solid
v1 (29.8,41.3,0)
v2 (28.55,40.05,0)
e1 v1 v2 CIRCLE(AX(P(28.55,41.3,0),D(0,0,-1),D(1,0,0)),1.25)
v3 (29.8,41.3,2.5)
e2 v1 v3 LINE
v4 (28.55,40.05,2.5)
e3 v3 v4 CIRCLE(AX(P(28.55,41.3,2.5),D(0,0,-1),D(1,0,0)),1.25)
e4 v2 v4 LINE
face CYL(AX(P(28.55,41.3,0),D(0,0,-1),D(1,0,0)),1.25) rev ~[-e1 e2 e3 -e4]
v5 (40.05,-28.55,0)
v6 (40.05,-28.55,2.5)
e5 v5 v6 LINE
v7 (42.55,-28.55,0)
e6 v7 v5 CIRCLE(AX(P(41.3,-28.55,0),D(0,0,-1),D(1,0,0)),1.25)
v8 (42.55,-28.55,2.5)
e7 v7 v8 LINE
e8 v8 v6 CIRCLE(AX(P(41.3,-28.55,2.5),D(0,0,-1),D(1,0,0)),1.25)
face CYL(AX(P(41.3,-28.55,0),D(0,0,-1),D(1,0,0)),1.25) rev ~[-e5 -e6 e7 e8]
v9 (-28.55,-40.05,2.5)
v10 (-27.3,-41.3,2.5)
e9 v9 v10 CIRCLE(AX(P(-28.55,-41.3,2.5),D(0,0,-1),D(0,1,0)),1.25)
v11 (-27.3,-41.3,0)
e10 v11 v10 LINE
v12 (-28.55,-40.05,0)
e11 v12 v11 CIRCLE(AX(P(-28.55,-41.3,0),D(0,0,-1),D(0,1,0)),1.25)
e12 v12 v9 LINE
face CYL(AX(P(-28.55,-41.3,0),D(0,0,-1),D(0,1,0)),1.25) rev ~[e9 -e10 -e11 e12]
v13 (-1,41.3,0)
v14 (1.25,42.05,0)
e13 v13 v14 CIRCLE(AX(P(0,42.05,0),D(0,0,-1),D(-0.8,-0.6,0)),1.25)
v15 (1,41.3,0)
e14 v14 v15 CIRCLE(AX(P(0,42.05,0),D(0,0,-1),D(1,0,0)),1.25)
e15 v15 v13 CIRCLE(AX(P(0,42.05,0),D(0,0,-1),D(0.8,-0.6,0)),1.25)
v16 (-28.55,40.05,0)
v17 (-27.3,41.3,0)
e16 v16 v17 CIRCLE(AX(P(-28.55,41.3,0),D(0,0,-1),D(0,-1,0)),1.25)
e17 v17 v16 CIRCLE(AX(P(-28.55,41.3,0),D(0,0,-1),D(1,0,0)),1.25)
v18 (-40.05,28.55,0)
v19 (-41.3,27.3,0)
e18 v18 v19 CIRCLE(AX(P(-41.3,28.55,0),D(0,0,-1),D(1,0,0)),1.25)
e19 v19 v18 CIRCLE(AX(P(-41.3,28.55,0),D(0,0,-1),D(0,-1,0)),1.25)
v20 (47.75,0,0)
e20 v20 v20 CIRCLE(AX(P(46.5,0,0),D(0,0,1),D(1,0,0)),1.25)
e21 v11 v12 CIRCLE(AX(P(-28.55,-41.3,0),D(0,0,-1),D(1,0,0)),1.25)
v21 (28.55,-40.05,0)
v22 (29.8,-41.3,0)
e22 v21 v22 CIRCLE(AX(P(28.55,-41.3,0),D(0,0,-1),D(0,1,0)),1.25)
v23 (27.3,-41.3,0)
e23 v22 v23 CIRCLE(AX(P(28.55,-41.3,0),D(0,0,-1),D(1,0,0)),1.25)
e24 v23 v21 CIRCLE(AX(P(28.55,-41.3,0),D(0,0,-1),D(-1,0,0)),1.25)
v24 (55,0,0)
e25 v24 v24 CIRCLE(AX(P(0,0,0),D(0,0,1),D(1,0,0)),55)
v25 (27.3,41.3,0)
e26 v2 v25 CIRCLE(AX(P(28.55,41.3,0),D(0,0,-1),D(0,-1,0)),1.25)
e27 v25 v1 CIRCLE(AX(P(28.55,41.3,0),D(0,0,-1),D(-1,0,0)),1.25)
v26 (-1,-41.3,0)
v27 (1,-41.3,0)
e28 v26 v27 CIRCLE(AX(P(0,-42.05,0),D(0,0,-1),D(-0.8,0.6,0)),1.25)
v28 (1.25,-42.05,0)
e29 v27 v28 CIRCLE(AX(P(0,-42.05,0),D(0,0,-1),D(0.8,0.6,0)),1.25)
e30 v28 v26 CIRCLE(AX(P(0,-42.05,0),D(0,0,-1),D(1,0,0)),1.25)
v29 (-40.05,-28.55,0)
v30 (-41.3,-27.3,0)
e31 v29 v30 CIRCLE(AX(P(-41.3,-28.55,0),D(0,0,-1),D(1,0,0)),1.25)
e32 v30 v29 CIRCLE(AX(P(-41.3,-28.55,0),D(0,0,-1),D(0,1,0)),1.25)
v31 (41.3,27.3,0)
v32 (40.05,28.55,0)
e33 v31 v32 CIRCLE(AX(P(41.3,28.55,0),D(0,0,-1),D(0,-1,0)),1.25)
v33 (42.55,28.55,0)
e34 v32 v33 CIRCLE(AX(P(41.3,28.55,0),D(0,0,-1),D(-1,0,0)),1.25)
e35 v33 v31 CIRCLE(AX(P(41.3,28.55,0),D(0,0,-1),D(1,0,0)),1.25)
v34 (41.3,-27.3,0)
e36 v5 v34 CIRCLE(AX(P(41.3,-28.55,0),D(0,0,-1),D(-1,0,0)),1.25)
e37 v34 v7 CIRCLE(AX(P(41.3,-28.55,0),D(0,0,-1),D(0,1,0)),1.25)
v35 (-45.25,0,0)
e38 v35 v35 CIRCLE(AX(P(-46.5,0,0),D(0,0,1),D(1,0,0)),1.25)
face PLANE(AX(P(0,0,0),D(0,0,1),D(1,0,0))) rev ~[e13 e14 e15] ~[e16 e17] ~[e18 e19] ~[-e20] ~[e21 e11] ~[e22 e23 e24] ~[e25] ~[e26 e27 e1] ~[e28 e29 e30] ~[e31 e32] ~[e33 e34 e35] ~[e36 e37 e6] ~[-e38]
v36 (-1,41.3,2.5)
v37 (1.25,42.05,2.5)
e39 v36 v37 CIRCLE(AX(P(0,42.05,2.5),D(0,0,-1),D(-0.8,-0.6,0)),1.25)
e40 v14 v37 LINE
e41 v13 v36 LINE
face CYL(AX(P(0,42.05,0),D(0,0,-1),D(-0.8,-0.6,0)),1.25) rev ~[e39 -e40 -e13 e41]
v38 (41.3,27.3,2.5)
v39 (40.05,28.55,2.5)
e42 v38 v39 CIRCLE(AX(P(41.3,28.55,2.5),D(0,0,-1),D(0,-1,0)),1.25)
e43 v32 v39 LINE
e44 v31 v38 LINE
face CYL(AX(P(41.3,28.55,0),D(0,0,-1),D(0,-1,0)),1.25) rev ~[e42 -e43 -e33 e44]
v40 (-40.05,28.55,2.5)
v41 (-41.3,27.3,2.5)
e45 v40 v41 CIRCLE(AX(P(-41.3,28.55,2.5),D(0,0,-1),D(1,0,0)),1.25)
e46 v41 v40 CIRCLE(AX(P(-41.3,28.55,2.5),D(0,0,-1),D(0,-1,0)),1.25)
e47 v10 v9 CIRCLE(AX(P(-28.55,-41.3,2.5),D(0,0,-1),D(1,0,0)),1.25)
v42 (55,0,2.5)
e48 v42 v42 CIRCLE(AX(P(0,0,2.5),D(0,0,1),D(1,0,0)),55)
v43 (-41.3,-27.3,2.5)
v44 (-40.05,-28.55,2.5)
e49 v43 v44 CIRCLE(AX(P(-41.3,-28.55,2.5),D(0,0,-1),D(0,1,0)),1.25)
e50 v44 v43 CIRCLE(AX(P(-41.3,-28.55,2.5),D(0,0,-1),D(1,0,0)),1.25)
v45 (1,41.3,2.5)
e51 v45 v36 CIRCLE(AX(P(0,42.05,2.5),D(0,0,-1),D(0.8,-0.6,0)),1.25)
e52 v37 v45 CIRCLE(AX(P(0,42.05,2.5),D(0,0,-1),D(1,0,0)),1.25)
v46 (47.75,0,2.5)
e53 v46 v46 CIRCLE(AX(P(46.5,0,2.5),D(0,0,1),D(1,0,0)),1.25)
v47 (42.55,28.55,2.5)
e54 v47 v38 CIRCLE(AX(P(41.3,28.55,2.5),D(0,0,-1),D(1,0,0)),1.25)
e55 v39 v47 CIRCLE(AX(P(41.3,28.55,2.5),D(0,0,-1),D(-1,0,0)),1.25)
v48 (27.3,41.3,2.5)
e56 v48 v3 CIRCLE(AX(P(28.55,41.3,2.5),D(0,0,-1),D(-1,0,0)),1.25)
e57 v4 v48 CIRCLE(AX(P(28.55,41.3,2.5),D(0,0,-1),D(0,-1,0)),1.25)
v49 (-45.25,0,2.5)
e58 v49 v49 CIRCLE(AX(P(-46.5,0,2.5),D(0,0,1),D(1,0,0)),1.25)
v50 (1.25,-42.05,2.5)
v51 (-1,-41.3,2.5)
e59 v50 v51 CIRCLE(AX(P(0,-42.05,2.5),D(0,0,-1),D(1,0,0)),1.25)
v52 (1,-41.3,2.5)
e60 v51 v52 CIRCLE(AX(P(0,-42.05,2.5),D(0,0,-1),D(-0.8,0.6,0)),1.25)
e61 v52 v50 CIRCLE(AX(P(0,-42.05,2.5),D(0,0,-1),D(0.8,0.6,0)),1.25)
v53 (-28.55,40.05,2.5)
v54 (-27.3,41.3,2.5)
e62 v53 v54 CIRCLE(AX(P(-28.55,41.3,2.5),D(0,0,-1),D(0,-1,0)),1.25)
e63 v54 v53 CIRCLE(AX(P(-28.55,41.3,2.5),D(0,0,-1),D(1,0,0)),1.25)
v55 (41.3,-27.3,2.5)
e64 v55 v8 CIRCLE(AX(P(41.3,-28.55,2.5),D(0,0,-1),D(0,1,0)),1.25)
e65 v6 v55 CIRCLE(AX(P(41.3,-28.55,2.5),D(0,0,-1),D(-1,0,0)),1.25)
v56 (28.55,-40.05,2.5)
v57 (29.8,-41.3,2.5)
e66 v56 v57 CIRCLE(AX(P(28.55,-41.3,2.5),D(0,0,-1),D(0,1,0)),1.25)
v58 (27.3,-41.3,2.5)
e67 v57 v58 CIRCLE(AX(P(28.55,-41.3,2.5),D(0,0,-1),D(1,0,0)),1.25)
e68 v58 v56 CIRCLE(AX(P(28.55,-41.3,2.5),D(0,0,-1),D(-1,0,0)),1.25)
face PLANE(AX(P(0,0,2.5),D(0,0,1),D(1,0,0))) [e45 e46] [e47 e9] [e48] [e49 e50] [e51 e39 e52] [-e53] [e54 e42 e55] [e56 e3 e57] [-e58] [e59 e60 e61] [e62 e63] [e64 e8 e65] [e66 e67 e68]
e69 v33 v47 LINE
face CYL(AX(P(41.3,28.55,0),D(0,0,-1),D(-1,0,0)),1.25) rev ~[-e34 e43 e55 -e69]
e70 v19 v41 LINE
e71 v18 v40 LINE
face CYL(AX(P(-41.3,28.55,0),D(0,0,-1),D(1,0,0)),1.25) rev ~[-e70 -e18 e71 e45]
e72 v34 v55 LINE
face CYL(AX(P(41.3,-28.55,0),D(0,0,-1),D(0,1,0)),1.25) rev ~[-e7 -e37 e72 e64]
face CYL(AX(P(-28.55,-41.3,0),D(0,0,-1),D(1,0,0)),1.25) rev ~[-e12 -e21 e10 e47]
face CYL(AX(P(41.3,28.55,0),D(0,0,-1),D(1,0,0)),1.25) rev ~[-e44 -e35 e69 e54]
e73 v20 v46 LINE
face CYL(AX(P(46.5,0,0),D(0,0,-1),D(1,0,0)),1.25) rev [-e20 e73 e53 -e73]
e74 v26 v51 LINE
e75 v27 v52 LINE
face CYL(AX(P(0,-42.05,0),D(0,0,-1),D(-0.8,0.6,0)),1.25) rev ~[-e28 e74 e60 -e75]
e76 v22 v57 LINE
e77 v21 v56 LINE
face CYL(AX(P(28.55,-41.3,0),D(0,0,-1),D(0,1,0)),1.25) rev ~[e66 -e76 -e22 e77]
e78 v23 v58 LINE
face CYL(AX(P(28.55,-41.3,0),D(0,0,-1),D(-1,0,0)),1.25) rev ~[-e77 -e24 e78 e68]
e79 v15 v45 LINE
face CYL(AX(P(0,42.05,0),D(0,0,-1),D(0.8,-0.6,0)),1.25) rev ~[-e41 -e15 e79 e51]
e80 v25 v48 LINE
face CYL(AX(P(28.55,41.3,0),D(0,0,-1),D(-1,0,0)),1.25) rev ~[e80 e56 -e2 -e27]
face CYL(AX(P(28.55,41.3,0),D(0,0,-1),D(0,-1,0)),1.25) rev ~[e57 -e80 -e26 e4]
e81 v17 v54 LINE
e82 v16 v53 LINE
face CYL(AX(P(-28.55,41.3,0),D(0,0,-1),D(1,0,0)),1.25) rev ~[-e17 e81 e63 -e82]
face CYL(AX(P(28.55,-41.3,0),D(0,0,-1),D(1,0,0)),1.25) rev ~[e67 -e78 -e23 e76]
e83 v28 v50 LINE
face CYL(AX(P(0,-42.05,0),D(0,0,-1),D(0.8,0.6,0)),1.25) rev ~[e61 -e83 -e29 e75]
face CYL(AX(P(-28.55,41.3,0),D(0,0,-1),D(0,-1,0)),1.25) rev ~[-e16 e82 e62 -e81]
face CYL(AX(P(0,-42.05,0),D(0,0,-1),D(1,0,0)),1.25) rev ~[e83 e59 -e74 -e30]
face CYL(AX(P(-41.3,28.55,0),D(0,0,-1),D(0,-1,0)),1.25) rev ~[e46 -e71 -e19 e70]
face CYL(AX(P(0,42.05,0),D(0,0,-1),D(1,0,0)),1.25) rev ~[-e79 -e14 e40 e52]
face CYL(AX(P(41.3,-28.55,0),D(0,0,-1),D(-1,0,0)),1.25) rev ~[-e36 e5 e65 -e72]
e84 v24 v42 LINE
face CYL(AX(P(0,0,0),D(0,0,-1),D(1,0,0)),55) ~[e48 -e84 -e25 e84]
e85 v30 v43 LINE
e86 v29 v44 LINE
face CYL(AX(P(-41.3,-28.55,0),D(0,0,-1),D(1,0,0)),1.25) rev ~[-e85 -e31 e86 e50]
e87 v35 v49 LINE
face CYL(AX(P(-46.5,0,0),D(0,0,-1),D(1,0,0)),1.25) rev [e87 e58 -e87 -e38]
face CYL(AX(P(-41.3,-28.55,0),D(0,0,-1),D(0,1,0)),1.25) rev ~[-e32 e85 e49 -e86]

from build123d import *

# Parameters (mm, degrees)
F0_R     = 55
F0_R_2   = 1.25
F0_W     = 57.1
F0_H     = 57.1
F1_DEPTH = 2.5


with BuildPart() as f1:
    # F0 (on Top) → F1 (new body)
    with BuildSketch(Plane.XY):
        Circle(F0_R)
        with Locations((-46.5, 0)):
            Circle(F0_R_2, mode=Mode.SUBTRACT)
        with BuildLine():
            ThreePointArc((1, -41.3), (1.1858541226, -41.6547152925), (1.25, -42.05))
            ThreePointArc((1.25, -42.05), (-0.3952847075, -43.2358541226), (-1, -41.3))
            Line((-1, -41.3), (-27.3, -41.3))
            ThreePointArc((-27.3, -41.3), (-29.4338834765, -42.1838834765), (-28.55, -40.05))
            Line((-28.55, -40.05), (-28.55, -28.55))
            Line((-28.55, -28.55), (-40.05, -28.55))
            ThreePointArc((-40.05, -28.55), (-42.1838834765, -29.4338834765), (-41.3, -27.3))
            Line((-41.3, -27.3), (-41.3, 27.3))
            ThreePointArc((-41.3, 27.3), (-42.1838834765, 29.4338834765), (-40.05, 28.55))
            Line((-40.05, 28.55), (-28.55, 28.55))
            Line((-28.55, 28.55), (-28.55, 40.05))
            ThreePointArc((-28.55, 40.05), (-29.4338834765, 42.1838834765), (-27.3, 41.3))
            Line((-27.3, 41.3), (-1, 41.3))
            ThreePointArc((-1, 41.3), (-0.3952847075, 43.2358541226), (1.25, 42.05))
            ThreePointArc((1.25, 42.05), (1.1858541226, 41.6547152925), (1, 41.3))
            Line((1, 41.3), (27.3, 41.3))
            ThreePointArc((27.3, 41.3), (28.55, 42.55), (29.8, 41.3))
            ThreePointArc((29.8, 41.3), (29.4338834765, 40.4161165235), (28.55, 40.05))
            Line((28.55, 40.05), (28.55, 28.55))
            Line((28.55, 28.55), (40.05, 28.55))
            ThreePointArc((40.05, 28.55), (41.3, 29.8), (42.55, 28.55))
            ThreePointArc((42.55, 28.55), (42.1838834765, 27.6661165235), (41.3, 27.3))
            Line((41.3, 27.3), (41.3, -27.3))
            ThreePointArc((41.3, -27.3), (42.1838834765, -27.6661165235), (42.55, -28.55))
            ThreePointArc((42.55, -28.55), (41.3, -29.8), (40.05, -28.55))
            Line((40.05, -28.55), (28.55, -28.55))
            Line((28.55, -28.55), (28.55, -40.05))
            ThreePointArc((28.55, -40.05), (29.4338834765, -40.4161165235), (29.8, -41.3))
            ThreePointArc((29.8, -41.3), (28.55, -42.55), (27.3, -41.3))
            Line((27.3, -41.3), (1, -41.3))
        make_face(mode=Mode.SUBTRACT)
        with Locations((46.5, 0)):
            Circle(F0_R_2, mode=Mode.SUBTRACT)
        with BuildLine():
            Line((-28.55, 28.55), (28.55, 28.55))
            Line((28.55, 28.55), (28.55, 40.05))
            ThreePointArc((28.55, 40.05), (27.6661165235, 40.4161165235), (27.3, 41.3))
            Line((27.3, 41.3), (1, 41.3))
            ThreePointArc((1, 41.3), (0, 40.8), (-1, 41.3))
            Line((-1, 41.3), (-27.3, 41.3))
            ThreePointArc((-27.3, 41.3), (-27.6661165235, 40.4161165235), (-28.55, 40.05))
            Line((-28.55, 40.05), (-28.55, 28.55))
        make_face()
        Rectangle(F0_W, F0_H)
        with BuildLine():
            Line((-40.05, -28.55), (-28.55, -28.55))
            Line((-28.55, -28.55), (-28.55, 28.55))
            Line((-28.55, 28.55), (-40.05, 28.55))
            ThreePointArc((-40.05, 28.55), (-40.4161165235, 27.6661165235), (-41.3, 27.3))
            Line((-41.3, 27.3), (-41.3, -27.3))
            ThreePointArc((-41.3, -27.3), (-40.4161165235, -27.6661165235), (-40.05, -28.55))
        make_face()
        with BuildLine():
            ThreePointArc((-1, -41.3), (0, -40.8), (1, -41.3))
            Line((1, -41.3), (27.3, -41.3))
            ThreePointArc((27.3, -41.3), (27.6661165235, -40.4161165235), (28.55, -40.05))
            Line((28.55, -40.05), (28.55, -28.55))
            Line((28.55, -28.55), (-28.55, -28.55))
            Line((-28.55, -28.55), (-28.55, -40.05))
            ThreePointArc((-28.55, -40.05), (-27.6661165235, -40.4161165235), (-27.3, -41.3))
            Line((-27.3, -41.3), (-1, -41.3))
        make_face()
        with BuildLine():
            Line((28.55, 28.55), (28.55, -28.55))
            Line((28.55, -28.55), (40.05, -28.55))
            ThreePointArc((40.05, -28.55), (40.4161165235, -27.6661165235), (41.3, -27.3))
            Line((41.3, -27.3), (41.3, 27.3))
            ThreePointArc((41.3, 27.3), (40.4161165235, 27.6661165235), (40.05, 28.55))
            Line((40.05, 28.55), (28.55, 28.55))
        make_face()
    extrude(amount=F1_DEPTH)


solid = f1.part
